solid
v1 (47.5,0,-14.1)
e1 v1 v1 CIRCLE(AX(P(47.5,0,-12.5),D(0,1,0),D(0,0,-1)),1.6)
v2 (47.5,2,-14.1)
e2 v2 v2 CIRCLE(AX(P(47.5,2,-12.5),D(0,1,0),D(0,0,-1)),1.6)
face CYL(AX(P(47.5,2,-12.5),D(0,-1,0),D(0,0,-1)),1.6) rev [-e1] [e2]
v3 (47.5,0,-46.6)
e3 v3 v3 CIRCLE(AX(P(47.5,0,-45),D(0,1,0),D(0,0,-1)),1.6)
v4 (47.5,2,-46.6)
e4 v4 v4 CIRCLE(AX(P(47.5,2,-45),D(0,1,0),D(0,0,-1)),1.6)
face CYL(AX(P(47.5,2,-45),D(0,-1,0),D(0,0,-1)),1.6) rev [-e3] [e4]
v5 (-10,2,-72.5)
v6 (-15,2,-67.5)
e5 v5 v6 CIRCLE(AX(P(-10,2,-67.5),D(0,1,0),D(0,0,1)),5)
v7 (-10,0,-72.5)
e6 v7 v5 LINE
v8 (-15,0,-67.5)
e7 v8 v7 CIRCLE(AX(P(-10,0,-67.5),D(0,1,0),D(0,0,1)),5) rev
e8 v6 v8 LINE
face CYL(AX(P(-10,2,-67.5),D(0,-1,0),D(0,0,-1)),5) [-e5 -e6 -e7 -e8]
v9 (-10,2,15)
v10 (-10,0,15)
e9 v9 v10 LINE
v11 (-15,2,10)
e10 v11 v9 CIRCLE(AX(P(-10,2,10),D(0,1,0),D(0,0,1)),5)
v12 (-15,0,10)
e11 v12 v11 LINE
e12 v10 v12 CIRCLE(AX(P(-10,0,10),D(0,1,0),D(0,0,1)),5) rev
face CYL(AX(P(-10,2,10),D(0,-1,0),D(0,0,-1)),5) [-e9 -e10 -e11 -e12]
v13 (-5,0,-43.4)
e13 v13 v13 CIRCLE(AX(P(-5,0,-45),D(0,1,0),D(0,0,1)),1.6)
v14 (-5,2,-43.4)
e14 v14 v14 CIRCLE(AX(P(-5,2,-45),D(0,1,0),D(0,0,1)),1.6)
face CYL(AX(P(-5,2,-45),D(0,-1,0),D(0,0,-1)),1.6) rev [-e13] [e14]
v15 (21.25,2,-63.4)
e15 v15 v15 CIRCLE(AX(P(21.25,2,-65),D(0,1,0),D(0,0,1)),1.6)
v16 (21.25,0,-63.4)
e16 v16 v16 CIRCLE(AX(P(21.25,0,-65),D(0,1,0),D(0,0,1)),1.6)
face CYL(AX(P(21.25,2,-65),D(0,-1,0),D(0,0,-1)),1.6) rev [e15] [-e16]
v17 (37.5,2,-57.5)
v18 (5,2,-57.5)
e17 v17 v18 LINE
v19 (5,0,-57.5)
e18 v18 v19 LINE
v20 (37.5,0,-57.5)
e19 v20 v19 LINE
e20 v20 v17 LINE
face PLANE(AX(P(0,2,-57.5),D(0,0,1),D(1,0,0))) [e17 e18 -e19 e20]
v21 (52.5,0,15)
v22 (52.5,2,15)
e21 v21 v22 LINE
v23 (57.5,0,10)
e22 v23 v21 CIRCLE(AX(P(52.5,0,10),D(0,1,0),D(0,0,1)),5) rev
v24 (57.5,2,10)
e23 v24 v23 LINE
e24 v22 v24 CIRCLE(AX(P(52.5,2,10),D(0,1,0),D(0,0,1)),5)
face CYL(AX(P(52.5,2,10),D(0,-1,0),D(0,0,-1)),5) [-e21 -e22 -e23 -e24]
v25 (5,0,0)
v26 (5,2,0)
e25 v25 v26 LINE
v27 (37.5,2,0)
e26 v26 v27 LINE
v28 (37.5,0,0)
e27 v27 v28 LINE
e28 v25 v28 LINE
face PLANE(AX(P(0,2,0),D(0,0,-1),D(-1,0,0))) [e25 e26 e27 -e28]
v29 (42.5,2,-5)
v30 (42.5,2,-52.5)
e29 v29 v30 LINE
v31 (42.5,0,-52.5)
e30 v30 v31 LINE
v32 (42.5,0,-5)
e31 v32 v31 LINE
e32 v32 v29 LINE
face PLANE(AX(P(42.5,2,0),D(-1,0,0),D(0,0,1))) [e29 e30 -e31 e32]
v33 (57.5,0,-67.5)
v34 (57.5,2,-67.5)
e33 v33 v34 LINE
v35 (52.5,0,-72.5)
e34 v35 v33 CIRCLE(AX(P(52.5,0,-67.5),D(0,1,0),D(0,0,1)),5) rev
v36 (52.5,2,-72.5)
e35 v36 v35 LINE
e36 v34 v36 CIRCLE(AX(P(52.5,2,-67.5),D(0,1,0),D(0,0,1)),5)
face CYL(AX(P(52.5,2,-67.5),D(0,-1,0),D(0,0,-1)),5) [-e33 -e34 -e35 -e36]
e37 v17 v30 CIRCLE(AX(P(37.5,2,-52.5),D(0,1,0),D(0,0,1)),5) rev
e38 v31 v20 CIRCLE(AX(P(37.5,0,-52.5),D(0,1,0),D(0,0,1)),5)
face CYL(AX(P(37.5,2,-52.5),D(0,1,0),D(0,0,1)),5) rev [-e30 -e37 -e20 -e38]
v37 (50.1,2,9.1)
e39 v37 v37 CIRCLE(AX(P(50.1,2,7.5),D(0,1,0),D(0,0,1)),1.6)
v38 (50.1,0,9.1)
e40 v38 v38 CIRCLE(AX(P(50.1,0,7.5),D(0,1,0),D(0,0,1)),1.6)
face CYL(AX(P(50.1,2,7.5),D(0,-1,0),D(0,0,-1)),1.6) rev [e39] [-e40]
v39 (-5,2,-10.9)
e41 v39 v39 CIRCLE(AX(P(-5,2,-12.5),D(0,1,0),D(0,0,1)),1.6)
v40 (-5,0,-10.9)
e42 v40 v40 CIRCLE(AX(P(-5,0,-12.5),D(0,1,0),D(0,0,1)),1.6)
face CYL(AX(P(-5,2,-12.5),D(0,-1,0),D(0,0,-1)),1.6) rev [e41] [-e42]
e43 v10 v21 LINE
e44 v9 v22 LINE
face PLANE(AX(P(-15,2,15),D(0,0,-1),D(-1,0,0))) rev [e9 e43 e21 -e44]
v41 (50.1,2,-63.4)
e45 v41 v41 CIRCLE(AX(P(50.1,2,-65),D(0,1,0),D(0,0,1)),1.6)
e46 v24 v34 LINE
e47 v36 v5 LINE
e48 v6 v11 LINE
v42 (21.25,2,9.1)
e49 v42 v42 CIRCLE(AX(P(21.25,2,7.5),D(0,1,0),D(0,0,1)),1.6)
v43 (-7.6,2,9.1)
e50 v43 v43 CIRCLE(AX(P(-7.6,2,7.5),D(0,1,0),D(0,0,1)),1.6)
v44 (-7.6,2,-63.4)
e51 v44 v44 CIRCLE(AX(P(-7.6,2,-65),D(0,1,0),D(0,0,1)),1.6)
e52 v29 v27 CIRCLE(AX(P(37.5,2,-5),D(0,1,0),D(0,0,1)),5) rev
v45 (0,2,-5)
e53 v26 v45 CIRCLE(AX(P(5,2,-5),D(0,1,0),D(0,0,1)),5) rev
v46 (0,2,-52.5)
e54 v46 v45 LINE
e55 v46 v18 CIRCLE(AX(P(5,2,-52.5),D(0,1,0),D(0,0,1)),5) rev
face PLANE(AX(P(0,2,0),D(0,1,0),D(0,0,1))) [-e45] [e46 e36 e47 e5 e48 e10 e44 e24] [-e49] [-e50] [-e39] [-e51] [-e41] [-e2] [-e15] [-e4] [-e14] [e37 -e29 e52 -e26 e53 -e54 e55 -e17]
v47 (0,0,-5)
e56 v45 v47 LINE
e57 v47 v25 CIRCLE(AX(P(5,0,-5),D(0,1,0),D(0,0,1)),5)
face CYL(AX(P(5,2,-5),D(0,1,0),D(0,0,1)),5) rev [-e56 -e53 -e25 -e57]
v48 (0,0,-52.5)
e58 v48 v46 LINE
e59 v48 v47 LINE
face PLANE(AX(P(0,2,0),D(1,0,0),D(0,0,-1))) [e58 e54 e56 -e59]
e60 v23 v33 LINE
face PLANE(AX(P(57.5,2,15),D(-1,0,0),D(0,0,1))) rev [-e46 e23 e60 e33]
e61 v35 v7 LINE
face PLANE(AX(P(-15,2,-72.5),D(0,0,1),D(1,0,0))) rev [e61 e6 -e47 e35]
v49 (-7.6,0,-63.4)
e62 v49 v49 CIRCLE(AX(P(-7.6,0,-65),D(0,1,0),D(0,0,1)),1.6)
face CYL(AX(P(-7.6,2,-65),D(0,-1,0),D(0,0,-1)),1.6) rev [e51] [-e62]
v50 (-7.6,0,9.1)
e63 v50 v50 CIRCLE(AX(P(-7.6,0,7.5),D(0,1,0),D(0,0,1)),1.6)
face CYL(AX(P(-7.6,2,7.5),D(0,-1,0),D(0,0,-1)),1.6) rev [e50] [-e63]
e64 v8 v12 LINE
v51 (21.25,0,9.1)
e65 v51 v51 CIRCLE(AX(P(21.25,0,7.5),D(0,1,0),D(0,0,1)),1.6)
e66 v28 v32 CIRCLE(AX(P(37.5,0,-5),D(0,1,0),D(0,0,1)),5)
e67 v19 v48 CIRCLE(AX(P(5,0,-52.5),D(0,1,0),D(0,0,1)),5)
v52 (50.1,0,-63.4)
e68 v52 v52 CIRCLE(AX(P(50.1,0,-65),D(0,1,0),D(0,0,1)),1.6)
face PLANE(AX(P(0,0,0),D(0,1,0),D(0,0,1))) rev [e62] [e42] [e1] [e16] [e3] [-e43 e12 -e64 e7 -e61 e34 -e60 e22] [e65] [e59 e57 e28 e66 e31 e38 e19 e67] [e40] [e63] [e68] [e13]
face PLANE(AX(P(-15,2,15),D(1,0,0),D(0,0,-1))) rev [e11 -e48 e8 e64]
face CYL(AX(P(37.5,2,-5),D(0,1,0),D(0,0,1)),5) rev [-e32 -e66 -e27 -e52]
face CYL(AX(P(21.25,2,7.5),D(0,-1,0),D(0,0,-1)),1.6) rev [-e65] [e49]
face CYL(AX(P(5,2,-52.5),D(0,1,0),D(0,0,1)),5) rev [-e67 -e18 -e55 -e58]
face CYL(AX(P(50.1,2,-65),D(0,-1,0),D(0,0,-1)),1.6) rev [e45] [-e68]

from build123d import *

# Parameters (mm, degrees)
SKETCH_1_W      = 72.5
SKETCH_1_H      = 87.5
SKETCH_1_R      = 1.6
SKETCH_1_W_2    = 42.5
SKETCH_1_H_2    = 57.5
EXTRUDE_1_DEPTH = 2
FILLET_1_R      = 5


with BuildPart() as part:
    # 草图1 → 凸台-拉伸1 (new body)
    with BuildSketch(Plane(origin=(0, 0, 0), x_dir=(1, 0, 0), z_dir=(0, 1, 0))):
        with Locations((21.25, 28.75)):
            Rectangle(SKETCH_1_W, SKETCH_1_H)
        with Locations(Location((-7.6, 65, 0), (0, 0, 270))):
            Circle(SKETCH_1_R, mode=Mode.SUBTRACT)
        with Locations(Location((21.25, 65, 0), (0, 0, 270))):
            Circle(SKETCH_1_R, mode=Mode.SUBTRACT)
        with Locations(Location((50.1, 65, 0), (0, 0, 270))):
            Circle(SKETCH_1_R, mode=Mode.SUBTRACT)
        with Locations(Location((50.1, -7.5, 0), (0, 0, 270))):
            Circle(SKETCH_1_R, mode=Mode.SUBTRACT)
        with Locations(Location((21.25, -7.5, 0), (0, 0, 270))):
            Circle(SKETCH_1_R, mode=Mode.SUBTRACT)
        with Locations(Location((-7.6, -7.5, 0), (0, 0, 270))):
            Circle(SKETCH_1_R, mode=Mode.SUBTRACT)
        with Locations(Location((-5, 45, 0), (0, 0, 270))):
            Circle(SKETCH_1_R, mode=Mode.SUBTRACT)
        with Locations(Location((-5, 12.5, 0), (0, 0, 270))):
            Circle(SKETCH_1_R, mode=Mode.SUBTRACT)
        with Locations(Location((47.5, 12.5, 0), (0, 0, 90))):
            Circle(SKETCH_1_R, mode=Mode.SUBTRACT)
        with Locations(Location((47.5, 45, 0), (0, 0, 90))):
            Circle(SKETCH_1_R, mode=Mode.SUBTRACT)
        with Locations((21.25, 28.75)):
            Rectangle(SKETCH_1_W_2, SKETCH_1_H_2, mode=Mode.SUBTRACT)
    extrude(amount=EXTRUDE_1_DEPTH)

    # 圆角1
    fillet_1_edges = [part.edges().sort_by_distance(p)[0] for p in [
        (0, 1, -57.5),
        (0, 1, 0),
        (42.5, 1, 0),
        (42.5, 1, -57.5),
        (-15, 1, 15),
        (-15, 1, -72.5),
        (57.5, 1, -72.5),
        (57.5, 1, 15),
    ]]
    fillet(fillet_1_edges, radius=FILLET_1_R)


solid = part.part
